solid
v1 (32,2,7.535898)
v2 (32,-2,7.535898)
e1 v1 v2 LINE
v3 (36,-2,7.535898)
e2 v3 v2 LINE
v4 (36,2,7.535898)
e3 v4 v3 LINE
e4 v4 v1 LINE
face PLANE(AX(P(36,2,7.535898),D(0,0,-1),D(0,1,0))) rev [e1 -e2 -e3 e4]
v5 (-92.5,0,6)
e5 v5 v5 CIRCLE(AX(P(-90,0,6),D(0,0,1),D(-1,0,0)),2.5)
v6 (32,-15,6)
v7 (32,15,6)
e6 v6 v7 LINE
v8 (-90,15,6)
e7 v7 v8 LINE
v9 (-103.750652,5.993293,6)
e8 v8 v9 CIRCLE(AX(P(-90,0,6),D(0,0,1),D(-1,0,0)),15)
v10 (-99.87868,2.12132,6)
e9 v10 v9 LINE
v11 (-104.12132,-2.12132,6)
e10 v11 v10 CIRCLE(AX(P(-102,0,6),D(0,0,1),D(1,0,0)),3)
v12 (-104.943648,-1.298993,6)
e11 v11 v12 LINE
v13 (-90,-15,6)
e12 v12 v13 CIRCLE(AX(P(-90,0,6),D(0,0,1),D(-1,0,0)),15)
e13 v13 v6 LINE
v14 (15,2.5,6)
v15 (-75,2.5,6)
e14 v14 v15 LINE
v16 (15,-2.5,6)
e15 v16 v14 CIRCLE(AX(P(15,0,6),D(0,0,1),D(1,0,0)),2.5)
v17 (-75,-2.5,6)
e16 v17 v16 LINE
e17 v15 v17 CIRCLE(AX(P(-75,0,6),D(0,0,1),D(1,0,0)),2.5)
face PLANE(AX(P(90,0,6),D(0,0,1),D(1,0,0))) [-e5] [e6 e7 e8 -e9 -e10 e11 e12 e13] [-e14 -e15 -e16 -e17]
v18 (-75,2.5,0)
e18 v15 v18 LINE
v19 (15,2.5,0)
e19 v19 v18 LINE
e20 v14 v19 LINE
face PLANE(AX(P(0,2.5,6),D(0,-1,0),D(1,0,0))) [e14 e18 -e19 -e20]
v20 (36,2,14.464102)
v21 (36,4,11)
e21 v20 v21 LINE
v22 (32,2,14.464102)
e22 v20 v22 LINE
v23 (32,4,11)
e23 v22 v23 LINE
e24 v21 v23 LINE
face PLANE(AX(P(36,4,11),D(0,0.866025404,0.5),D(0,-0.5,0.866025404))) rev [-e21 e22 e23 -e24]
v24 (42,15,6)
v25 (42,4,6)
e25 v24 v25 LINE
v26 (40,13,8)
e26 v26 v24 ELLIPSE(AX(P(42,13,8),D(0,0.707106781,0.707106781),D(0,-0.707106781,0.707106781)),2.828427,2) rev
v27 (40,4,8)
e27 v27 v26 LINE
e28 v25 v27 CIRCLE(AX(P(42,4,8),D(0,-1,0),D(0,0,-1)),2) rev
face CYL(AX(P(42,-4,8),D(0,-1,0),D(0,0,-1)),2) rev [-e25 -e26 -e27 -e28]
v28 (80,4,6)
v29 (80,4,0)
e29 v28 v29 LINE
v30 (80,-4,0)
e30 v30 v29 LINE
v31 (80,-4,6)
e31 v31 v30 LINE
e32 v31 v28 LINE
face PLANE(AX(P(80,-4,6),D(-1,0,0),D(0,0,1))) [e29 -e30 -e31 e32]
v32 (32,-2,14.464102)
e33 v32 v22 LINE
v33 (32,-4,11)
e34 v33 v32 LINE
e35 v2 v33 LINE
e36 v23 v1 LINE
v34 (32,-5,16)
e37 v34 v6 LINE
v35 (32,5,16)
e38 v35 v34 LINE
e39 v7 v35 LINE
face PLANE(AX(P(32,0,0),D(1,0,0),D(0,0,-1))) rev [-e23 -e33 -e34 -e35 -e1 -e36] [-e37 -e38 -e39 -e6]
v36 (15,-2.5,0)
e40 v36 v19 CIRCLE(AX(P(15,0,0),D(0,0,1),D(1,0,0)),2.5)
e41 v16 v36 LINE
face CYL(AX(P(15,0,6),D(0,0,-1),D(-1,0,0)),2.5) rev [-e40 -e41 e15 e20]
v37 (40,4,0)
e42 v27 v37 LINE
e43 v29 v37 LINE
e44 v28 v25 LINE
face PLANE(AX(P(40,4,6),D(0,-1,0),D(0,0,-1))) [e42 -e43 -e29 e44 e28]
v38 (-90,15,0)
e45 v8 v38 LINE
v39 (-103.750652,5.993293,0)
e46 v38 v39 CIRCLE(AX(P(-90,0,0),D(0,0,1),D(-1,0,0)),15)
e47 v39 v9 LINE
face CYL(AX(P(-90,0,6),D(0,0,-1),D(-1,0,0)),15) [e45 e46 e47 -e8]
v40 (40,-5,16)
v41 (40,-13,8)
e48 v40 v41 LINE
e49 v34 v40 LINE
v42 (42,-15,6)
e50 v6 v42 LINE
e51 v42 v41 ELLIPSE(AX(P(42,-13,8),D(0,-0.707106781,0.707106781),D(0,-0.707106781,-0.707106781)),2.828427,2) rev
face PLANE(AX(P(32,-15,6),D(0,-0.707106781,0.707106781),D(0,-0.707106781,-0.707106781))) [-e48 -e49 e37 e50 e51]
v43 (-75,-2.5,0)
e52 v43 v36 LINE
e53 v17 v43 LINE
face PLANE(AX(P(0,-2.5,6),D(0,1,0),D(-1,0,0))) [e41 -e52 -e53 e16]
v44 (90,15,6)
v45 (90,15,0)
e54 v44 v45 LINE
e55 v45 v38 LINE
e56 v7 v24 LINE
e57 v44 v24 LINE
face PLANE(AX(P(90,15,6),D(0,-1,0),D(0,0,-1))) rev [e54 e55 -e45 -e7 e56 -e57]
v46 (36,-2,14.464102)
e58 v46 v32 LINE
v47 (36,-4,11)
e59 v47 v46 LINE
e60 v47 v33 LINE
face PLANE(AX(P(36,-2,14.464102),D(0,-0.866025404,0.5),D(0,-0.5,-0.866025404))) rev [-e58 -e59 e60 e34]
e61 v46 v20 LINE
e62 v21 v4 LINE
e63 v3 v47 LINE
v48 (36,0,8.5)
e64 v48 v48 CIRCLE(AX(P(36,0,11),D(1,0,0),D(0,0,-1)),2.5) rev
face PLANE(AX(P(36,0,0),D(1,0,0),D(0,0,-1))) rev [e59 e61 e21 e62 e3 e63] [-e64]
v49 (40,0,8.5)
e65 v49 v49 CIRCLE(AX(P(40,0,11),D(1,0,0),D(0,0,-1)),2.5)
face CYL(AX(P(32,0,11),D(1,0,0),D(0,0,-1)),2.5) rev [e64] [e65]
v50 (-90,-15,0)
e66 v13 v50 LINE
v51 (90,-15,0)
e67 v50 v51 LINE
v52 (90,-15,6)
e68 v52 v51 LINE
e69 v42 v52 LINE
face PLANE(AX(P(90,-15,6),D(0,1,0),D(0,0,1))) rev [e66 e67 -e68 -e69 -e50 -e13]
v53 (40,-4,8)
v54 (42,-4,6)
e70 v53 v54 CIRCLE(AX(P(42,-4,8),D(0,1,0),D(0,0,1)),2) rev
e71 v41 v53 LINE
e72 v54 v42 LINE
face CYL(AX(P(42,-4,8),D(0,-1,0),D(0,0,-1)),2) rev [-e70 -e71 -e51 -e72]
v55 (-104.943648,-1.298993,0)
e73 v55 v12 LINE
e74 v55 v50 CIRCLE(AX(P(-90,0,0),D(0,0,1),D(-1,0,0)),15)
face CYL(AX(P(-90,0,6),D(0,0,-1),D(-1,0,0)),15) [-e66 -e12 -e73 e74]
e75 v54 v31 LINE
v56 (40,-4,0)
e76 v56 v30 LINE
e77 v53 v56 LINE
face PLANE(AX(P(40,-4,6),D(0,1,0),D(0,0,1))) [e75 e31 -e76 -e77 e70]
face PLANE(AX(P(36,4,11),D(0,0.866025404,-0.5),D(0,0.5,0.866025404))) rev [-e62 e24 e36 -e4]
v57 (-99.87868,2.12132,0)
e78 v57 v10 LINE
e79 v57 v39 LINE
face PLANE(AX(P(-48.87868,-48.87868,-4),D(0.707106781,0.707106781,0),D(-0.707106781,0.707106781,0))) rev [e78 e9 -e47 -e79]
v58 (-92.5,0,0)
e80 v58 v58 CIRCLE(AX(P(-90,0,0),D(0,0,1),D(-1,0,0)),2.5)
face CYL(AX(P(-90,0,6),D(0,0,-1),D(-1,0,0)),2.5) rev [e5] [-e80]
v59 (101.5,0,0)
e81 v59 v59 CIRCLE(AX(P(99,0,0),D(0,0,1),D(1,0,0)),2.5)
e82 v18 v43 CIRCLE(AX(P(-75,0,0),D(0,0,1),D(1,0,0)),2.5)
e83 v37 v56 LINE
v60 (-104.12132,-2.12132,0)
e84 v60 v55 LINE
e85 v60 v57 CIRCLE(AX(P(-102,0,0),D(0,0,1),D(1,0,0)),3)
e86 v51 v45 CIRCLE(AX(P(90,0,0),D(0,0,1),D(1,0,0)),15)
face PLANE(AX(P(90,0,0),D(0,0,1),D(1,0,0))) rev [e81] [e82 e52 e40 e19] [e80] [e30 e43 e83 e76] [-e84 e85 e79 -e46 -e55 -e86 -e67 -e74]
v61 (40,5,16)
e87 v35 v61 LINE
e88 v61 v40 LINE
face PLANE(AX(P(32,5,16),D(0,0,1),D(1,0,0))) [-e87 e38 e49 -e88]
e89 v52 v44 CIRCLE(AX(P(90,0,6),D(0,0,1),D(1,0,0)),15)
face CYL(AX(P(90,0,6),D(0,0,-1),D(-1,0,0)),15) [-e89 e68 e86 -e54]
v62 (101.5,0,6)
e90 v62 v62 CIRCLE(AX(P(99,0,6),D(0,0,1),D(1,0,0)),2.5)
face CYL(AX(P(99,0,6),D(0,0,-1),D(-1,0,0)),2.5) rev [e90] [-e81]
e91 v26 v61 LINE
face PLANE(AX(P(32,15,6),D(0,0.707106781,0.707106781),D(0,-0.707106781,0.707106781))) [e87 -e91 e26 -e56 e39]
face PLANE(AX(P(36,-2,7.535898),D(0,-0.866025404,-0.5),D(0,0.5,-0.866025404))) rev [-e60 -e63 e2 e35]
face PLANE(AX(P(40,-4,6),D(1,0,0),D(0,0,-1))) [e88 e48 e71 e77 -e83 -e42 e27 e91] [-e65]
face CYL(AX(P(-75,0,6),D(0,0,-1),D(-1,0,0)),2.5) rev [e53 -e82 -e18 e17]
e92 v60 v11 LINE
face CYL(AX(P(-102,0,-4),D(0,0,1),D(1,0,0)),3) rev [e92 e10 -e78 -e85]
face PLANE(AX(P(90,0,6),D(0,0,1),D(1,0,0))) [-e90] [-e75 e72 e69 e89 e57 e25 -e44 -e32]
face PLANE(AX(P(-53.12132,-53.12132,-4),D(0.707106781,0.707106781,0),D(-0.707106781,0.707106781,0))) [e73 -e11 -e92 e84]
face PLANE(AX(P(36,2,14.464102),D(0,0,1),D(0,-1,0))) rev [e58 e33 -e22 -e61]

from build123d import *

# Parameters (mm, degrees)
ESQUISSE1_R             = 2.5
ESQUISSE1_W             = 40
ESQUISSE1_H             = 8
BOSS_EXTRU_1_DEPTH      = 6
ESQUISSE2_R             = 2.5
BOSS_EXTRU_2_DEPTH      = 8
CONG_2_R                = 2
ENL_V_MAT_EXTRU_1_DEPTH = 4
ENL_V_START             = -10
ENL_V_MAT_EXTRU_4_DEPTH = 10


with BuildPart() as part:
    # Esquisse1 → Boss.-Extru.1 (new body)
    with BuildSketch(Plane.XY):
        with BuildLine():
            Line((90, -15), (-90, -15))
            ThreePointArc((-90, -15), (-105, 0), (-90, 15))
            Line((-90, 15), (90, 15))
            ThreePointArc((90, 15), (105, 0), (90, -15))
        make_face()
        with Locations((99, 0)):
            Circle(ESQUISSE1_R, mode=Mode.SUBTRACT)
        with Locations(Location((-90, 0, 0), (0, 0, 180))):
            Circle(ESQUISSE1_R, mode=Mode.SUBTRACT)
        with BuildLine():
            Line((0, -2.5), (-75, -2.5))
            ThreePointArc((-75, -2.5), (-77.5, 0), (-75, 2.5))
            Line((-75, 2.5), (0, 2.5))
            Line((0, 2.5), (15, 2.5))
            ThreePointArc((15, 2.5), (17.5, 0), (15, -2.5))
            Line((15, -2.5), (0, -2.5))
        make_face(mode=Mode.SUBTRACT)
        with Locations((60, 0)):
            Rectangle(ESQUISSE1_W, ESQUISSE1_H, mode=Mode.SUBTRACT)
    extrude(amount=BOSS_EXTRU_1_DEPTH)

    # Esquisse2 → Boss.-Extru.2 (add)
    with BuildSketch(Plane(origin=(40, 0, 0), x_dir=(0, 0, -1), z_dir=(1, 0, 0))):
        Polygon((-16, 5), (-16, -5), (-6, -15), (-6, -5), (-6, 5), (-6, 15), align=None)
        with Locations((-11, 0)):
            Circle(ESQUISSE2_R, mode=Mode.SUBTRACT)
    extrude(amount=-BOSS_EXTRU_2_DEPTH)

    # Congé2
    cong_2_edges = [part.edges().sort_by_distance(p)[0] for p in [
        (40, 9.5, 6),
        (40, -9.5, 6),
    ]]
    fillet(cong_2_edges, radius=CONG_2_R)

    # Esquisse3 → Enlèv. mat.-Extru.1 (cut)
    with BuildSketch(Plane.ZY.offset(-32)):
        Polygon((11, 4), (14.464101615, 2), (14.464101615, -2), (11, -4), (7.535898385, -2), (7.535898385, 2), align=None)
    extrude(amount=-ENL_V_MAT_EXTRU_1_DEPTH, mode=Mode.SUBTRACT)

    # Esquisse4 → Enlèv. mat.-Extru.4 (cut)
    with BuildSketch(Plane.XY.offset(6).offset(ENL_V_START)):
        with BuildLine():
            ThreePointArc((-105, 0), (-104.771638598, -1.148050297), (-104.121320344, -2.121320344))
            Line((-104.121320344, -2.121320344), (-99.878679656, 2.121320344))
            ThreePointArc((-99.878679656, 2.121320344), (-103.148050297, 2.771638598), (-105, 0))
        make_face()
        with BuildLine():
            Line((-99.878679656, 2.121320344), (-104.121320344, -2.121320344))
            ThreePointArc((-104.121320344, -2.121320344), (-100.851949703, -2.771638598), (-99, 0))
            ThreePointArc((-99, 0), (-99.228361402, 1.148050297), (-99.878679656, 2.121320344))
        make_face()
        with BuildLine():
            ThreePointArc((-105, 0), (-103.148050297, 2.771638598), (-99.878679656, 2.121320344))
            Line((-99.878679656, 2.121320344), (-103.750652313, 5.993293))
            ThreePointArc((-103.750652313, 5.993293), (-104.68434174, 3.061063158), (-105, 0))
        make_face()
        with BuildLine():
            Line((-104.94364809, -1.298992597), (-104.121320344, -2.121320344))
            ThreePointArc((-104.121320344, -2.121320344), (-104.771638598, -1.148050297), (-105, 0))
            ThreePointArc((-105, 0), (-104.985905401, -0.650107165), (-104.94364809, -1.298992597))
        make_face()
        with BuildLine():
            ThreePointArc((-105, 0), (-104.771638598, -1.148050297), (-104.121320344, -2.121320344))
            Line((-104.121320344, -2.121320344), (-99.878679656, 2.121320344))
            ThreePointArc((-99.878679656, 2.121320344), (-103.148050297, 2.771638598), (-105, 0))
        make_face()
        with BuildLine():
            Line((-99.878679656, 2.121320344), (-104.121320344, -2.121320344))
            ThreePointArc((-104.121320344, -2.121320344), (-100.851949703, -2.771638598), (-99, 0))
            ThreePointArc((-99, 0), (-99.228361402, 1.148050297), (-99.878679656, 2.121320344))
        make_face()
    extrude(amount=ENL_V_MAT_EXTRU_4_DEPTH, mode=Mode.SUBTRACT)


solid = part.part
